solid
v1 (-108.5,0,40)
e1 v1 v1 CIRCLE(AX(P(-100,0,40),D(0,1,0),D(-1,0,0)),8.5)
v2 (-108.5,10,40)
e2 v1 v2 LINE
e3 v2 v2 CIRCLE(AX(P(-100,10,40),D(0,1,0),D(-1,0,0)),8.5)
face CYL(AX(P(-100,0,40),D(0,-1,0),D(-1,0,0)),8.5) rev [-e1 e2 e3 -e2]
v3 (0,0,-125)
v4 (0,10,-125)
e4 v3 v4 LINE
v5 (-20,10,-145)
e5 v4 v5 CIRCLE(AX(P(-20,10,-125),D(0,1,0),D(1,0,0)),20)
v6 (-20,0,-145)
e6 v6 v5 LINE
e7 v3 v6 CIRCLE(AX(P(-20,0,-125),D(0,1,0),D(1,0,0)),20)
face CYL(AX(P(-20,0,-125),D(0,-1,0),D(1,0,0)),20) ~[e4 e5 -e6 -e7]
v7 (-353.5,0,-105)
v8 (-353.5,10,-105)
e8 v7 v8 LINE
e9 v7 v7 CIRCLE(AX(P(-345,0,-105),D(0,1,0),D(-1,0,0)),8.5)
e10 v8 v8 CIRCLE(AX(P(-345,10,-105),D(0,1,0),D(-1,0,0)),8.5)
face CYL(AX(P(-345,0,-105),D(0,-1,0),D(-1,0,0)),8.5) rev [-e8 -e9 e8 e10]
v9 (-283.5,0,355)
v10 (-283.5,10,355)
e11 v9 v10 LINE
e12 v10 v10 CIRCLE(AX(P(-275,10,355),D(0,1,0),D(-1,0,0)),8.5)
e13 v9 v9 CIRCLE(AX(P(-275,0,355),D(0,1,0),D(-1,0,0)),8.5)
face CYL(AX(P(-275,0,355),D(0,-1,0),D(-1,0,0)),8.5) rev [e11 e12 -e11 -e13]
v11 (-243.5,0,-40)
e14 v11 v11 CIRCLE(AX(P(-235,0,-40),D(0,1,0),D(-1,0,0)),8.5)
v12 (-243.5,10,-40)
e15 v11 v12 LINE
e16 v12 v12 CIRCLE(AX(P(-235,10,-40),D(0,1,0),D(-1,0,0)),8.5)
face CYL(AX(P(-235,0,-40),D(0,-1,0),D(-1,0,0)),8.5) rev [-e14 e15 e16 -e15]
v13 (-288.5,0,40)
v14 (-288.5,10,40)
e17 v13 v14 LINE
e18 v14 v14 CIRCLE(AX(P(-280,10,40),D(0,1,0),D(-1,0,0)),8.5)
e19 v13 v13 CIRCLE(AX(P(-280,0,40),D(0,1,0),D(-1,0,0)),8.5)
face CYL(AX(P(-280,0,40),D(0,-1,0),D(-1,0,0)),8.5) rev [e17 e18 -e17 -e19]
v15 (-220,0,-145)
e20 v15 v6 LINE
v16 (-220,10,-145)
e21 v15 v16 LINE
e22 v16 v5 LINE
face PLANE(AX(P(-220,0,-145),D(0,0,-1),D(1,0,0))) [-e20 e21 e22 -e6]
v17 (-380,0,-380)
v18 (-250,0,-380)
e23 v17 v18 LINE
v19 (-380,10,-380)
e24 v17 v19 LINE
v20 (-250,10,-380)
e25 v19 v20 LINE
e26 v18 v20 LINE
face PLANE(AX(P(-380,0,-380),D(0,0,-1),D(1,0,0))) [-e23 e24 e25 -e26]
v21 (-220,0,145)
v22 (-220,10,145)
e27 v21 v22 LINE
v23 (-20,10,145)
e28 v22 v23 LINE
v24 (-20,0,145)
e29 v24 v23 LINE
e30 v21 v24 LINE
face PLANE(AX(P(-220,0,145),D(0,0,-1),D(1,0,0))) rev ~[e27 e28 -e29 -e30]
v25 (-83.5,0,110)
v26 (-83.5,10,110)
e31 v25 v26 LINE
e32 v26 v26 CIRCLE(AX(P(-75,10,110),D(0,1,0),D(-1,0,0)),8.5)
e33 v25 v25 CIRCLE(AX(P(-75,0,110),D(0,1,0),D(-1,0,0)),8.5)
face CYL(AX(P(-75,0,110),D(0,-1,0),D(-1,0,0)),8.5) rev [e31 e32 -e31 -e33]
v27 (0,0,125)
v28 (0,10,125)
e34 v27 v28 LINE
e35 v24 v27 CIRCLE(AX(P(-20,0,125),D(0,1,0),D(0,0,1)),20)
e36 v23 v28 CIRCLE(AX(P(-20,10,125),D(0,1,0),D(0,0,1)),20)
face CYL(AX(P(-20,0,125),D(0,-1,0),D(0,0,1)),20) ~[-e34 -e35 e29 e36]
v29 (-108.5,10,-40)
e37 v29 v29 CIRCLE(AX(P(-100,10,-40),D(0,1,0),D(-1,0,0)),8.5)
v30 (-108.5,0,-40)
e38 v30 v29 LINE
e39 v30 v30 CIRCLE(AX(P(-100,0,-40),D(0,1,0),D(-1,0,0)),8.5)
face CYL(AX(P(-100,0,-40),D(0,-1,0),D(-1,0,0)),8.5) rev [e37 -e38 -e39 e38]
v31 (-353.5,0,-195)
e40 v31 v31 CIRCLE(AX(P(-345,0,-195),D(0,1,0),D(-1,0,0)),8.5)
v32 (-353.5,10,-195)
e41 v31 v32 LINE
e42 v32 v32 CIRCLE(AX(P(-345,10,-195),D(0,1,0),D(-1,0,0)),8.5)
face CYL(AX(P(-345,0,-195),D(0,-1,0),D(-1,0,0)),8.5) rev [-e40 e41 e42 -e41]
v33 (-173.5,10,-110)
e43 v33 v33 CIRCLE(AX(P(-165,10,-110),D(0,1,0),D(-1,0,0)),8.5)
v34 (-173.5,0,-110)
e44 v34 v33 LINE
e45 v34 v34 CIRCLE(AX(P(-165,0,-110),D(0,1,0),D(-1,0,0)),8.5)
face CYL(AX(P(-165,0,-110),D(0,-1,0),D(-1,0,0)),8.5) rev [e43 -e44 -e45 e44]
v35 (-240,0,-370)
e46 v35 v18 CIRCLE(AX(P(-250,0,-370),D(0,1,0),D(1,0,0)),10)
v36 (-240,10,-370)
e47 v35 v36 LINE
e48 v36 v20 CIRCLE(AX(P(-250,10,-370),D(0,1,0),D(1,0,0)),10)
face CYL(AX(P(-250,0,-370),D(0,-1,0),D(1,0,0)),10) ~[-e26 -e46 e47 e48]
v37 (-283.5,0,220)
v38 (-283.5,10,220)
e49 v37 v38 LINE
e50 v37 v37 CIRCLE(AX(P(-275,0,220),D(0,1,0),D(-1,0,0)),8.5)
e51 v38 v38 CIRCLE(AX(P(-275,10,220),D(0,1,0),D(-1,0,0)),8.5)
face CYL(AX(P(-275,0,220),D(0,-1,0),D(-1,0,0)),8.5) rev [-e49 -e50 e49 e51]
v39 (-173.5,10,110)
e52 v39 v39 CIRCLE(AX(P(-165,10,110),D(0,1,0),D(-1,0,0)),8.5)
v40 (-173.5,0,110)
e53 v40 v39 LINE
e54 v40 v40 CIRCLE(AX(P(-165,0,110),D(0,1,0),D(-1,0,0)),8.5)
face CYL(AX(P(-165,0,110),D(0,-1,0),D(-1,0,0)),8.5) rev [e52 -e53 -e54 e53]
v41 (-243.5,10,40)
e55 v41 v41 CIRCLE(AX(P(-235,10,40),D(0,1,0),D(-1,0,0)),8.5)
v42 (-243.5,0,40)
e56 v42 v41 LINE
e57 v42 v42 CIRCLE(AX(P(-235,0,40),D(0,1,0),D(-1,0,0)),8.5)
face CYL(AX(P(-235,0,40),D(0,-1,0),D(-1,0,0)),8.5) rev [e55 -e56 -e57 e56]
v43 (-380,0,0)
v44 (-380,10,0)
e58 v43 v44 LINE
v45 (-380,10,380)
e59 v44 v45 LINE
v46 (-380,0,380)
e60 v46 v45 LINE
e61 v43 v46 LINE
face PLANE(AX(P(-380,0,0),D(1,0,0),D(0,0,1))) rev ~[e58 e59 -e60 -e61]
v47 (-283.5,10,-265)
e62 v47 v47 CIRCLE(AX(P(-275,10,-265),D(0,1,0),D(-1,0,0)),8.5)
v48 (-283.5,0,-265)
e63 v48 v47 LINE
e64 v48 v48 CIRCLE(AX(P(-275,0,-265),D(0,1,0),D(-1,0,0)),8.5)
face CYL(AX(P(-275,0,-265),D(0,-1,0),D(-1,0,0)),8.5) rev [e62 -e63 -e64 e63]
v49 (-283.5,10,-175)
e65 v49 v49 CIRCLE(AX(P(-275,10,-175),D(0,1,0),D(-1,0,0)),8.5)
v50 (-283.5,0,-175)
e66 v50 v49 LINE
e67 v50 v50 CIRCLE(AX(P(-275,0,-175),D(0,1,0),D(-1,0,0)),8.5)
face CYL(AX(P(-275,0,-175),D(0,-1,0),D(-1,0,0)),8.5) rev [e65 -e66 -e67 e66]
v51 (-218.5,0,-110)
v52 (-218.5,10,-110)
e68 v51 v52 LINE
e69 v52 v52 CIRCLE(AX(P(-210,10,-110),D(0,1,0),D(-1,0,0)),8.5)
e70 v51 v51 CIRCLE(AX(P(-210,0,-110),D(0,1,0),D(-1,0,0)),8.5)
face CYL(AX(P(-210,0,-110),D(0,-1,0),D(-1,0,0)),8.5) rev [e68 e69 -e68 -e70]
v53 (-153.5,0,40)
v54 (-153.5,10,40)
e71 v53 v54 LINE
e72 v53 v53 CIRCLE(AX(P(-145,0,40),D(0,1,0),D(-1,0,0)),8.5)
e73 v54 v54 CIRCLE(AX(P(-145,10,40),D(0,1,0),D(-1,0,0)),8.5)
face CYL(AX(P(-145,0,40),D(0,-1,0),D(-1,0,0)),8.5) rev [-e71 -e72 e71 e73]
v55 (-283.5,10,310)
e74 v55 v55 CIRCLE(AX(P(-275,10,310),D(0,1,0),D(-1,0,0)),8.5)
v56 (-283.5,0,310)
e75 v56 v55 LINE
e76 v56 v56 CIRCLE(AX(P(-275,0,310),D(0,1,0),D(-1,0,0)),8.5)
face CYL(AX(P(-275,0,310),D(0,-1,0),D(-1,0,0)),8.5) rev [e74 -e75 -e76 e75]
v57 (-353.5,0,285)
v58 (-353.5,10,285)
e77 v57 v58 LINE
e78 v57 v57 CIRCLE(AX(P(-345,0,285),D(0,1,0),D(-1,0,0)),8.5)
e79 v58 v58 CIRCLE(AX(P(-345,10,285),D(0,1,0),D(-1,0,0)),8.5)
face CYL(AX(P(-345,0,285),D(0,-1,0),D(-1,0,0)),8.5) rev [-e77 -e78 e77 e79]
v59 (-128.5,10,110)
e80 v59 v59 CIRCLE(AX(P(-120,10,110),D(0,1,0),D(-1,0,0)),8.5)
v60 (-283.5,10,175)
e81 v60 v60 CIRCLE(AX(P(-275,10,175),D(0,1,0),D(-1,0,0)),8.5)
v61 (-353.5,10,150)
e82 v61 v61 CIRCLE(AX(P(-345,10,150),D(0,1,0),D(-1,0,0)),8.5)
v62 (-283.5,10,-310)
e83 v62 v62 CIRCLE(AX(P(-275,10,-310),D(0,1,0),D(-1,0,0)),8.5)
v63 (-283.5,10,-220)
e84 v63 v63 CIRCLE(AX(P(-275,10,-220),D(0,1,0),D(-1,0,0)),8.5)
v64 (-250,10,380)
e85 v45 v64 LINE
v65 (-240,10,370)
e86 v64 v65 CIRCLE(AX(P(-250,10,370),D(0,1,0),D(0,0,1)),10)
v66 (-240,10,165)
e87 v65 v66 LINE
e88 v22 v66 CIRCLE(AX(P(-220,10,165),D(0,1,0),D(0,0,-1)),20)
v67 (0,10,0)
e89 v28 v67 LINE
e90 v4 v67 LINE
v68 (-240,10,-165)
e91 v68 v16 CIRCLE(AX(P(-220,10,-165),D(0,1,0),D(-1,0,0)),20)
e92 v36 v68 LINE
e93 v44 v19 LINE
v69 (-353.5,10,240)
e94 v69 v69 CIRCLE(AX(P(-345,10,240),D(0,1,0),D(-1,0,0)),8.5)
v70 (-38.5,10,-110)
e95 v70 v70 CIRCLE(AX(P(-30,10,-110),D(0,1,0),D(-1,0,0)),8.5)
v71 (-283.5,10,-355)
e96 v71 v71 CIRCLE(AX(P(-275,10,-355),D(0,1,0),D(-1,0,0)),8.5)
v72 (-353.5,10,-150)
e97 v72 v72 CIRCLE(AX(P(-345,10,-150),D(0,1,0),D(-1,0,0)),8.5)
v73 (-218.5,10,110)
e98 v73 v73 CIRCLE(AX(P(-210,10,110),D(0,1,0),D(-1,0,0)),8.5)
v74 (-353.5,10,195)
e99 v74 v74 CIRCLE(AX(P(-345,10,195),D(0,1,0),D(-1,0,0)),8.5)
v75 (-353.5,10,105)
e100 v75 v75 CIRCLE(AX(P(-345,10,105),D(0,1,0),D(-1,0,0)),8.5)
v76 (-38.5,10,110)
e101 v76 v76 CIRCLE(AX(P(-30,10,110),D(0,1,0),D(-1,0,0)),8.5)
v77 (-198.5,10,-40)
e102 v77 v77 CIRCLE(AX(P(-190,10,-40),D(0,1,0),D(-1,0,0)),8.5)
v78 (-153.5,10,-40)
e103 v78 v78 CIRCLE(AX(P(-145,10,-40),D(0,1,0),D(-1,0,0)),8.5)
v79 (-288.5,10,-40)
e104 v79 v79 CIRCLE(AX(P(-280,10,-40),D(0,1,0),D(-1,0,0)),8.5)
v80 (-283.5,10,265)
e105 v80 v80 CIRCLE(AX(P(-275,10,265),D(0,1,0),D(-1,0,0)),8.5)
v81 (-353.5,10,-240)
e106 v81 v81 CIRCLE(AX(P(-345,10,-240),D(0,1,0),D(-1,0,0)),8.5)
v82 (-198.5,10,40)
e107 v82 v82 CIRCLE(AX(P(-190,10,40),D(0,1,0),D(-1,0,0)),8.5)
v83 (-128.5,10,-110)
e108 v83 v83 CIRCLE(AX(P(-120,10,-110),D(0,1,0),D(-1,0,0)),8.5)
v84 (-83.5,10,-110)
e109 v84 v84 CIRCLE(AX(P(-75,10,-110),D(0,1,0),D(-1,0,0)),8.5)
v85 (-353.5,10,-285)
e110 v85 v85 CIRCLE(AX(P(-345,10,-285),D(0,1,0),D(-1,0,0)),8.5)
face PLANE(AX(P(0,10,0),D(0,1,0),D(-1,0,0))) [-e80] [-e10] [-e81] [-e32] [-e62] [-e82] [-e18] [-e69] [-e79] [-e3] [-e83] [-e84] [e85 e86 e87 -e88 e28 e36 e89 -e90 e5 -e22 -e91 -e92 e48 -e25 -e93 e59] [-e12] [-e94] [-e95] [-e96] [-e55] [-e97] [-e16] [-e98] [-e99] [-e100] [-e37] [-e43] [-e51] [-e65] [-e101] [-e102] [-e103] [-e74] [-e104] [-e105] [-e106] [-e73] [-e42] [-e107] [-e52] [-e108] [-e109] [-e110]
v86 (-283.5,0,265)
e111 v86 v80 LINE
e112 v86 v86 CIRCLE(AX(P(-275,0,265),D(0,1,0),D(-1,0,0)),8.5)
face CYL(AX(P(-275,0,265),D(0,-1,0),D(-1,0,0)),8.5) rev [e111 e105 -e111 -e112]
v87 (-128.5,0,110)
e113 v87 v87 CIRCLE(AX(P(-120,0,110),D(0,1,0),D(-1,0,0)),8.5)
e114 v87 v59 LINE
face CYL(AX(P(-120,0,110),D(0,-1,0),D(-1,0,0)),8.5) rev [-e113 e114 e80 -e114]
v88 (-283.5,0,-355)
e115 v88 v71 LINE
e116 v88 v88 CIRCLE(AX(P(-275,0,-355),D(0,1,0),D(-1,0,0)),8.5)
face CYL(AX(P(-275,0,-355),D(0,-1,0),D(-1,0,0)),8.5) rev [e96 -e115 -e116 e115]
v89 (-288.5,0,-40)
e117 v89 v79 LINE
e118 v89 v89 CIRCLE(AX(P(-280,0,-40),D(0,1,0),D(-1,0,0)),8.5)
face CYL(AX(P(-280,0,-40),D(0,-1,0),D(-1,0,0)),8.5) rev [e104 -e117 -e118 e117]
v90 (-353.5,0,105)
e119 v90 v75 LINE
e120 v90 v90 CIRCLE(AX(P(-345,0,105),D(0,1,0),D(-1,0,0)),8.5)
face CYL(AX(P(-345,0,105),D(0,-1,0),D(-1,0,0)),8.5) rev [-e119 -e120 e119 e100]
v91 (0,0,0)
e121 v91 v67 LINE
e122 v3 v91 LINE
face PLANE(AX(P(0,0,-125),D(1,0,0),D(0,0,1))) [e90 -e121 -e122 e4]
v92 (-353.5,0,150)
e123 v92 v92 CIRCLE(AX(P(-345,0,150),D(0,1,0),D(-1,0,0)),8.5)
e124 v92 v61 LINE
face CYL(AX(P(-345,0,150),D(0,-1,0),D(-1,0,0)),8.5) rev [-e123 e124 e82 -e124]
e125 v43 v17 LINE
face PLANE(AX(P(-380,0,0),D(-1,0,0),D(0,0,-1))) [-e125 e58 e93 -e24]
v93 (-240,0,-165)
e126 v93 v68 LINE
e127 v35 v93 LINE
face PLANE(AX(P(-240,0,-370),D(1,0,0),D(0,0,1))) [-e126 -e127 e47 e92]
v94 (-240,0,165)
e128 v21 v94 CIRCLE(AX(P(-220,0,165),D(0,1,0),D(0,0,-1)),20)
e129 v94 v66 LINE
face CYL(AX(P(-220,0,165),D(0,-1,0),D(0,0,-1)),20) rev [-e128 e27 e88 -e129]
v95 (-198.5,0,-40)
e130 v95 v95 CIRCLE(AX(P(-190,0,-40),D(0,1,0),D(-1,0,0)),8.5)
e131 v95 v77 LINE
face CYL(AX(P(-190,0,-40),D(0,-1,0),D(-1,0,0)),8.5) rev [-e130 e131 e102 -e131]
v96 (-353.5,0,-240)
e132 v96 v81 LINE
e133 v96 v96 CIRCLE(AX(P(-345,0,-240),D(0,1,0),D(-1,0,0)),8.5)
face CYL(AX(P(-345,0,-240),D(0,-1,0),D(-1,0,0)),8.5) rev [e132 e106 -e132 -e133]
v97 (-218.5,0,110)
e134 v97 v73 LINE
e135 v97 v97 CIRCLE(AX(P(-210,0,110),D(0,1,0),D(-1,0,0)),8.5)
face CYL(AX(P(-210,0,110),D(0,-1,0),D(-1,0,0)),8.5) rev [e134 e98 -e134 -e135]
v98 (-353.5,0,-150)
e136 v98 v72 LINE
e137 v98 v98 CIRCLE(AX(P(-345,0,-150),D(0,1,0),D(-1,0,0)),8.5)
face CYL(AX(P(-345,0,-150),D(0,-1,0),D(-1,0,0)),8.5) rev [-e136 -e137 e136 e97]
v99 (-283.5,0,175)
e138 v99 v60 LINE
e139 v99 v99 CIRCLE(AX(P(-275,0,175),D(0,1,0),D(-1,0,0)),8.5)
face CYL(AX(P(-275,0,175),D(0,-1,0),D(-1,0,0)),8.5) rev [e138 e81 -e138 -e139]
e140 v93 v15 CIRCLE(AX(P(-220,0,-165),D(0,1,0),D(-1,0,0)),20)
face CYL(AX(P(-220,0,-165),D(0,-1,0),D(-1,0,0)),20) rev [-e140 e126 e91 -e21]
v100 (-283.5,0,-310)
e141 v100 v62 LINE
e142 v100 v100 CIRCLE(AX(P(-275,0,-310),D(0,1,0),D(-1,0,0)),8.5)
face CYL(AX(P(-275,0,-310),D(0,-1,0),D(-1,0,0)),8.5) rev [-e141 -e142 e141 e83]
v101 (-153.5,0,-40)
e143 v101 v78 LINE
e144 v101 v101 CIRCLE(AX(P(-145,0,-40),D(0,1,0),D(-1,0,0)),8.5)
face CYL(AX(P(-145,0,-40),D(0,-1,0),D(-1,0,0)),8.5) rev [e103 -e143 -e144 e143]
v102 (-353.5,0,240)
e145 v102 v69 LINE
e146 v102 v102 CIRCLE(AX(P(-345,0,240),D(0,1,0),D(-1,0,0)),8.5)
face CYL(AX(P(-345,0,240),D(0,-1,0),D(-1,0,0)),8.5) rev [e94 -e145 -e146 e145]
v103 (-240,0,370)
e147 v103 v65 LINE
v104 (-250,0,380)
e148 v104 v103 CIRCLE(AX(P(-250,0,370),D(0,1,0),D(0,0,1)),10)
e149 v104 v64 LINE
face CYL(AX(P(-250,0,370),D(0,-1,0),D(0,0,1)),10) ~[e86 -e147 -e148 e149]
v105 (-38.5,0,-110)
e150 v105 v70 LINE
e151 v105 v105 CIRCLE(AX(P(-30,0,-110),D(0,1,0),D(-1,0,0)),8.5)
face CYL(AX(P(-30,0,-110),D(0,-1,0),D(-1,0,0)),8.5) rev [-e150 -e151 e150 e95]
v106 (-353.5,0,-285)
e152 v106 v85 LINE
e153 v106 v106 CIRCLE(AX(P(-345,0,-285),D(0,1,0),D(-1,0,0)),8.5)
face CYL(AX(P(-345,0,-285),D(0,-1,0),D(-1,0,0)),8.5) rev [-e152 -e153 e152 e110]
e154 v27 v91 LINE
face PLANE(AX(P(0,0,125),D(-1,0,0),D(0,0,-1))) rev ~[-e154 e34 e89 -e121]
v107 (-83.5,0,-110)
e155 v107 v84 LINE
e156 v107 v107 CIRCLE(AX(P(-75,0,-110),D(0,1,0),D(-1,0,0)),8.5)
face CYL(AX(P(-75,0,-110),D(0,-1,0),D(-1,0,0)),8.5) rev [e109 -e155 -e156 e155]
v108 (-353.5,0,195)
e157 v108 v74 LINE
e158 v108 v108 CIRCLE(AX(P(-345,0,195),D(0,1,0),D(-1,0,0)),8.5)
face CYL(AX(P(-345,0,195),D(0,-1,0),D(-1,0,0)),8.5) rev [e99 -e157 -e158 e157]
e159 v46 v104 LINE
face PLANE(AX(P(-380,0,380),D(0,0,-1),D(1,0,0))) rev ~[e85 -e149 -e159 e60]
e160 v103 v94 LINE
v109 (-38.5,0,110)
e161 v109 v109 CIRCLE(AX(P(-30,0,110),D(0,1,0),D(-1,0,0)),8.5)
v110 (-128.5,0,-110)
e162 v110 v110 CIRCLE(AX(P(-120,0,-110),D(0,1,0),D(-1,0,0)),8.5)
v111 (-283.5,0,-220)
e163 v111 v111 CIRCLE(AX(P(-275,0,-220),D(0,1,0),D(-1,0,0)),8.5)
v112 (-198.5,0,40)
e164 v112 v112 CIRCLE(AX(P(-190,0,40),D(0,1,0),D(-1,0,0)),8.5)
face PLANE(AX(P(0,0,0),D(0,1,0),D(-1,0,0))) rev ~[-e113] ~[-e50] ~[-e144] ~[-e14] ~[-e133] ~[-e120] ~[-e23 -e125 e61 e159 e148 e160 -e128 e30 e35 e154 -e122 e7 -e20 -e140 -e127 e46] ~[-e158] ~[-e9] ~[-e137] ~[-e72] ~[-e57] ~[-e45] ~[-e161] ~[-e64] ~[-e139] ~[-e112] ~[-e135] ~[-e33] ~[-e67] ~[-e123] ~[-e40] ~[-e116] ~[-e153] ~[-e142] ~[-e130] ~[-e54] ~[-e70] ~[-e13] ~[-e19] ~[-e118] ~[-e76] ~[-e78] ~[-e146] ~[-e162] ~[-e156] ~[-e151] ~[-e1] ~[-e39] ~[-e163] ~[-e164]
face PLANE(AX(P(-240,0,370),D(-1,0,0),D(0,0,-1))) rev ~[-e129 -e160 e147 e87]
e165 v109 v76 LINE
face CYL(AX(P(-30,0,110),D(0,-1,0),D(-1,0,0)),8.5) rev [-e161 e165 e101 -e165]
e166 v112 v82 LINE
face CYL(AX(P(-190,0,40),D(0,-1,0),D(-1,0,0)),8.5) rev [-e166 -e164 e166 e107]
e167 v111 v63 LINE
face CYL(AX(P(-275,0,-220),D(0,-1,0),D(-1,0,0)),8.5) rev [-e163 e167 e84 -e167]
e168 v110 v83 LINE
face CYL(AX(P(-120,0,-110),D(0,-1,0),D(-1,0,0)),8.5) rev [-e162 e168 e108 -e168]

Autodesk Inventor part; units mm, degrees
ref_plane "YZ Plane" through (0, 0, 0) normal (1, 0, 0) x (0, 1, 0)
ref_plane "XZ Plane" through (0, 0, 0) normal (0, 1, 0) x (-1, 0, 0)
ref_plane "XY Plane" through (0, 0, 0) normal (0, 0, 1) x (1, 0, 0)
sketch "Эскиз1" plane through (0, 0, 0) normal (0, 1, 0) x (-1, 0, 0)
  line L0 (0, 0) -> (386.4152, 0) construction
  line L1 (380, 0) -> (380, 380)
  line L2 (380, 380) -> (250, 380)
  line L3 (240, 370) -> (240, 165)
  line L4 (220, 145) -> (20, 145)
  line L5 (0, 125) -> (0, 0)
  circle A0 centre (275, 355) radius 8.5
  circle A1 centre (275, 310) radius 8.5
  circle A2 centre (275, 265) radius 8.5
  circle A3 centre (275, 220) radius 8.5
  circle A4 centre (275, 175) radius 8.5
  circle A5 centre (345, 285) radius 8.5
  circle A6 centre (345, 240) radius 8.5
  circle A7 centre (345, 195) radius 8.5
  circle A8 centre (345, 150) radius 8.5
  circle A9 centre (345, 105) radius 8.5
  circle A10 centre (30, 110) radius 8.5
  circle A11 centre (75, 110) radius 8.5
  circle A12 centre (120, 110) radius 8.5
  circle A13 centre (165, 110) radius 8.5
  circle A14 centre (210, 110) radius 8.5
  circle A15 centre (280, 40) radius 8.5
  circle A16 centre (235, 40) radius 8.5
  circle A17 centre (190, 40) radius 8.5
  circle A18 centre (145, 40) radius 8.5
  circle A19 centre (100, 40) radius 8.5
  arc A20 (20, 145) -> (0, 125) centre (20, 125) ccw
  arc A21 (250, 380) -> (240, 370) centre (250, 370) ccw
  arc A22 (220, 145) -> (240, 165) centre (220, 165) ccw
  line L6 (380, 0) -> (380, -380)
  line L7 (380, -380) -> (250, -380)
  line L8 (240, -370) -> (240, -165)
  line L9 (220, -145) -> (20, -145)
  line L10 (0, -125) -> (0, 0)
  circle A23 centre (275, -355) radius 8.5
  circle A24 centre (275, -310) radius 8.5
  circle A25 centre (275, -265) radius 8.5
  circle A26 centre (275, -220) radius 8.5
  circle A27 centre (275, -175) radius 8.5
  circle A28 centre (345, -285) radius 8.5
  circle A29 centre (345, -240) radius 8.5
  circle A30 centre (345, -195) radius 8.5
  circle A31 centre (345, -150) radius 8.5
  circle A32 centre (345, -105) radius 8.5
  circle A33 centre (30, -110) radius 8.5
  circle A34 centre (75, -110) radius 8.5
  circle A35 centre (120, -110) radius 8.5
  circle A36 centre (165, -110) radius 8.5
  circle A37 centre (210, -110) radius 8.5
  circle A38 centre (280, -40) radius 8.5
  circle A39 centre (235, -40) radius 8.5
  circle A40 centre (190, -40) radius 8.5
  circle A41 centre (145, -40) radius 8.5
  circle A42 centre (100, -40) radius 8.5
  arc A43 (0, -125) -> (20, -145) centre (20, -125) ccw
  arc A44 (240, -370) -> (250, -380) centre (250, -370) ccw
  arc A45 (240, -165) -> (220, -145) centre (220, -165) ccw
  point P0 (240, 380)
  point P1 (240, 145)
  point P2 (0, 145)
  point P3 (240, -380)
  point P4 (240, -145)
  point P5 (0, -145)
  dimension "d0" = 140
  dimension "d1" = 380
  dimension "d2" = 240
  dimension "d3" = 145
  dimension "d4" = 17
  dimension "d5" = 35
  dimension "d6" = 95
  dimension "d7" = 140
  dimension "d8" = 185
  dimension "d9" = 230
  dimension "d10" = 275
  dimension "d11" = 25
  dimension "d12" = 70
  dimension "d13" = 115
  dimension "d14" = 160
  dimension "d15" = 205
  dimension "d16" = 35
  dimension "d17" = 110
  dimension "d18" = 75
  dimension "d19" = 30
  dimension "d20" = 120
  dimension "d21" = 165
  dimension "d22" = 210
  dimension "d23" = 40
  dimension "d24" = 100
  dimension "d25" = 145
  dimension "d26" = 190
  dimension "d27" = 235
  dimension "d28" = 280
  dimension "d29" = 20
  dimension "d30" = 10
extrude "Пластина1" add sketch "Эскиз1" along normal blind 10
equation "\"d31\" = Толщина"
equation "\"Глубина_просечки\" = 0.5 * Толщина"
equation "\"Толщина\" = 10"
properties part number "Lift.00.00.00.02"
